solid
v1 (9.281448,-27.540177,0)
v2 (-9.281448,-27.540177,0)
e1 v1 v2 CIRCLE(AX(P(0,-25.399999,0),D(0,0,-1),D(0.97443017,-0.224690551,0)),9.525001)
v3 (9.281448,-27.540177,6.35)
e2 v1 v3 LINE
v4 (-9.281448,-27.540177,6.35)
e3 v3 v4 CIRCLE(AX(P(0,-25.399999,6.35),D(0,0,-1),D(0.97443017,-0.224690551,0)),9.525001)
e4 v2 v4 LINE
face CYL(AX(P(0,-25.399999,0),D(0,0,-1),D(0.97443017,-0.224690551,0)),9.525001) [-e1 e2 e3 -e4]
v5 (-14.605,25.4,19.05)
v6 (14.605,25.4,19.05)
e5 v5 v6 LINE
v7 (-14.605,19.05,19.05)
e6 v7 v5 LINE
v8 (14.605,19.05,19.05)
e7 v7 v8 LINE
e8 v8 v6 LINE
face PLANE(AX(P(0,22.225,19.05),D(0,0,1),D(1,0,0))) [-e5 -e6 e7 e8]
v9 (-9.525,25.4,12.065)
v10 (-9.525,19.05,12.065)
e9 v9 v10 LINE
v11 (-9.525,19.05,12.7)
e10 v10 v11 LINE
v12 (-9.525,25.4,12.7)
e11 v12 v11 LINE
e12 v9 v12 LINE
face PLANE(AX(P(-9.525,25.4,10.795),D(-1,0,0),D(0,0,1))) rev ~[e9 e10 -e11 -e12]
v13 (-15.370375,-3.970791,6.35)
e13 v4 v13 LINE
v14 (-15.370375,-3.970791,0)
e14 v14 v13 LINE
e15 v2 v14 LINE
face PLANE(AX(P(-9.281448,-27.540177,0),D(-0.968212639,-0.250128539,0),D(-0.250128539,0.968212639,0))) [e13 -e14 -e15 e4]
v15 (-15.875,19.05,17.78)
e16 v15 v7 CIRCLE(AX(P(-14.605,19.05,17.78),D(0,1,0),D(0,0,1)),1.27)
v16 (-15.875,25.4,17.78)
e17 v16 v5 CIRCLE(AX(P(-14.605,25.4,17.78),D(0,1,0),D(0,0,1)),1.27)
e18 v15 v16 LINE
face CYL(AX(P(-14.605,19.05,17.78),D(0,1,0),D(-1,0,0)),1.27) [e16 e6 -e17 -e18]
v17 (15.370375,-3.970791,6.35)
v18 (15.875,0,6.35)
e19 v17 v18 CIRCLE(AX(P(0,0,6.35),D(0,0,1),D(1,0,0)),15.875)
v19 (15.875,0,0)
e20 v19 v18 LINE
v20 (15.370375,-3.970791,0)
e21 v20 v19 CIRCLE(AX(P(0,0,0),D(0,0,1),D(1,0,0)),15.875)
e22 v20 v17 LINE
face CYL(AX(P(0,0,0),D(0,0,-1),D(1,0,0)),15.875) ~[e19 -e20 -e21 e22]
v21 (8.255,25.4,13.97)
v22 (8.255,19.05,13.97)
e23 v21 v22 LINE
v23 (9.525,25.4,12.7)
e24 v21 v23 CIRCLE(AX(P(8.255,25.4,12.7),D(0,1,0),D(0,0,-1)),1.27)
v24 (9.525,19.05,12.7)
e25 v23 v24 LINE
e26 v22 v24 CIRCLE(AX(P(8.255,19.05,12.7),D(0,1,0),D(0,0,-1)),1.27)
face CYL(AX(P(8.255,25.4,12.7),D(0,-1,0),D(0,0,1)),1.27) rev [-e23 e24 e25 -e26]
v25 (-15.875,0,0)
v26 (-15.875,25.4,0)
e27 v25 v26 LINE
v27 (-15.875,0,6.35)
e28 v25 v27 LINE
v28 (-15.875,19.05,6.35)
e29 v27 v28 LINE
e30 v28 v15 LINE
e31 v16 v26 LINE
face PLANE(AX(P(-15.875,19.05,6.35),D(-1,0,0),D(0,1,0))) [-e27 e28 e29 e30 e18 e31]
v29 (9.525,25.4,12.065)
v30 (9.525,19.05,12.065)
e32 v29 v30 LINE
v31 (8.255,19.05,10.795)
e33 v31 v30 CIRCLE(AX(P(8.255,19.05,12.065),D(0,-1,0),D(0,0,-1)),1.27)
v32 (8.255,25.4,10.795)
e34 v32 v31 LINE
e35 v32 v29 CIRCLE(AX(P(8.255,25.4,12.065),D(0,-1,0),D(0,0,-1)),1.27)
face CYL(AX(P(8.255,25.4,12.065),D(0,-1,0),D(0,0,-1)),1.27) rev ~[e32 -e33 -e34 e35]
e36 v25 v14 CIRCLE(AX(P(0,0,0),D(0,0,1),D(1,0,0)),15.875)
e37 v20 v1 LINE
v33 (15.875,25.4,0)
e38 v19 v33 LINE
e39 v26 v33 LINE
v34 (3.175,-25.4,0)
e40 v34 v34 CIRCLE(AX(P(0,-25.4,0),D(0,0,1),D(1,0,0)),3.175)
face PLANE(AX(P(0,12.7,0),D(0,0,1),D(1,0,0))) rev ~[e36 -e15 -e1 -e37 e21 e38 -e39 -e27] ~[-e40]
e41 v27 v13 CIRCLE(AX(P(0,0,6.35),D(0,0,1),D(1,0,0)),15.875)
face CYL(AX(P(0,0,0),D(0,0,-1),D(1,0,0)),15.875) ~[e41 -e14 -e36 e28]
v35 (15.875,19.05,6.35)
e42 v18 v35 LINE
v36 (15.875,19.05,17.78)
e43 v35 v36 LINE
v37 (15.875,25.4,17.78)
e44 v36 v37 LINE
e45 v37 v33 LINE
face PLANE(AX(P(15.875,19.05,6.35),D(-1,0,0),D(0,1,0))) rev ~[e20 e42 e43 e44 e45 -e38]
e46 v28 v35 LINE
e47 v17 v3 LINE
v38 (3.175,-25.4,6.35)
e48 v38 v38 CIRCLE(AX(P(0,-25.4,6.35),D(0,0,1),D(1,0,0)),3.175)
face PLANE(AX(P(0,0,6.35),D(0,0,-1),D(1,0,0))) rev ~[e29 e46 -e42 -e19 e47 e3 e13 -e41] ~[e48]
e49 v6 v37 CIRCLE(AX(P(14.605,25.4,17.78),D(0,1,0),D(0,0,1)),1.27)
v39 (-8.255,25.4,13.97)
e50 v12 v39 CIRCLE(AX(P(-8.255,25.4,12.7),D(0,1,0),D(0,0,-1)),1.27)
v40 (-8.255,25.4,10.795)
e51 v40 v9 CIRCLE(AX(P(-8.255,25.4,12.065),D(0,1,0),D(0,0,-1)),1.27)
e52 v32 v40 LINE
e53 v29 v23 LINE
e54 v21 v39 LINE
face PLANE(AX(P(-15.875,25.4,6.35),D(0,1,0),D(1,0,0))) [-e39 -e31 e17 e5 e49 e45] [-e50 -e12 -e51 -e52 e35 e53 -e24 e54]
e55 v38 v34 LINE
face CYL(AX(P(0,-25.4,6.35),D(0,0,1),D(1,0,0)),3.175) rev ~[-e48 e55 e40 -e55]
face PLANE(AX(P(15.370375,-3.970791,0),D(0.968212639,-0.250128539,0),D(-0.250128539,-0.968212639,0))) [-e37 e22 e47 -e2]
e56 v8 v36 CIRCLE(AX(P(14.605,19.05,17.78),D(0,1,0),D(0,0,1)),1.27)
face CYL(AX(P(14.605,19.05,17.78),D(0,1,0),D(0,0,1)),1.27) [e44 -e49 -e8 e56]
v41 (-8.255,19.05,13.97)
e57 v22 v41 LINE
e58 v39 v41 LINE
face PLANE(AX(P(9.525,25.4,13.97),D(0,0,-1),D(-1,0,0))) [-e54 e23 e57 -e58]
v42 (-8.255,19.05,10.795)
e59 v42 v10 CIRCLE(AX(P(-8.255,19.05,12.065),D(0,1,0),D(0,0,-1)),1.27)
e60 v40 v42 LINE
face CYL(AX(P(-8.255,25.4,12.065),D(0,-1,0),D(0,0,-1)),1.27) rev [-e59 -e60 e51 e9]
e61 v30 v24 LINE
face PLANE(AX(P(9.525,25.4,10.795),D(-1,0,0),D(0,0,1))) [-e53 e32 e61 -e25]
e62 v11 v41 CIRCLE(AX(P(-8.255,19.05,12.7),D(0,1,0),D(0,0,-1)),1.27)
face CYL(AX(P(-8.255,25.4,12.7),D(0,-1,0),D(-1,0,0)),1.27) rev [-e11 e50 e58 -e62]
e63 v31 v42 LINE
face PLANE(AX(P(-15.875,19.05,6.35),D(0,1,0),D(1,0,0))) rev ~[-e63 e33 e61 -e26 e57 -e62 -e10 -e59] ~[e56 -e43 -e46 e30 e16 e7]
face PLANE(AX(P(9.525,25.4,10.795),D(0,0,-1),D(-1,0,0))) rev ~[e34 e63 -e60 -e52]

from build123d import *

# Parameters (mm, degrees)
F0_R      = 15.875
F0_R_2    = 12.7
F1_DEPTH  = 6.35
F2_W      = 31.75
F2_H      = 25.4
F3_DEPTH  = 6.35
F4_W      = 31.75
F4_H      = 6.35
F5_DEPTH  = 12.7
F6_W      = 19.05
F6_H      = 3.175
F7_DEPTH  = 6.35
F8_R      = 1.27
F9_R      = 12.7
F10_DEPTH = 6.35
F12_DEPTH = 6.35
F13_R     = 3.175
F14_DEPTH = 6.35


with BuildPart() as f1:
    # F0 (on Top) → F1 (new body)
    with BuildSketch(Plane.XY):
        Circle(F0_R)
        Circle(F0_R_2, mode=Mode.SUBTRACT)
    extrude(amount=F1_DEPTH)

    # F2 (on Top) → F3 (join)
    with BuildSketch(Plane.XY):
        with Locations((0, 12.7)):
            Rectangle(F2_W, F2_H)
    extrude(amount=F3_DEPTH)

    # F4 (on face) → F5 (join)
    with BuildSketch(Plane.XY.offset(6.35)):
        with Locations((0, 22.225)):
            Rectangle(F4_W, F4_H)
    extrude(amount=F5_DEPTH)

    # F6 (on face) → F7 (cut, through all)
    with BuildSketch(Plane(origin=(0, 25.4, 0), x_dir=(-1, 0, 0), z_dir=(0, 1, 0))):
        with Locations((0, 12.3825)):
            Rectangle(F6_W, F6_H)
    extrude(amount=-F7_DEPTH, mode=Mode.SUBTRACT)

    # F8
    f8_edges = [f1.edges().sort_by_distance(p)[0] for p in [
        (-9.525, 22.225, 13.97),
        (9.525, 22.225, 13.97),
        (9.525, 22.225, 10.795),
        (-9.525, 22.225, 10.795),
        (15.875, 22.225, 19.05),
        (-15.875, 22.225, 19.05),
    ]]
    fillet(f8_edges, radius=F8_R)

    # F9 (on face) → F10 (join)
    with BuildSketch(Plane(origin=(0, 0, 0), x_dir=(1, 0, 0), z_dir=(0, 0, -1))):
        Circle(F9_R)
    extrude(amount=-F10_DEPTH)

    # F11 (on face) → F12 (join)
    with BuildSketch(Plane(origin=(0, 0, 0), x_dir=(1, 0, 0), z_dir=(0, 0, -1))):
        with BuildLine():
            ThreePointArc((-15.370375, 3.970791), (-9.720579, 12.550935), (0, 15.875))
            ThreePointArc((0, 15.875), (-7.45355, 19.469551), (-9.281448, 27.540177))
            Line((-9.281448, 27.540177), (-15.370375, 3.970791))
        make_face()
        with BuildLine():
            ThreePointArc((0, 15.875), (6.735192, 18.664808), (9.525, 25.4))
            ThreePointArc((9.525, 25.4), (9.463916, 26.476995), (9.281448, 27.540177))
            ThreePointArc((9.281448, 27.540177), (0, 34.925), (-9.281448, 27.540177))
            ThreePointArc((-9.281448, 27.540177), (-7.45355, 19.469551), (0, 15.875))
        make_face()
        with BuildLine():
            ThreePointArc((9.281448, 27.540177), (9.463916, 26.476995), (9.525, 25.4))
            ThreePointArc((9.525, 25.4), (6.735192, 18.664808), (0, 15.875))
            ThreePointArc((0, 15.875), (9.720579, 12.550935), (15.370375, 3.970791))
            Line((15.370375, 3.970791), (9.281448, 27.540177))
        make_face()
    extrude(amount=-F12_DEPTH)

    # F13 (on face) → F14 (cut, through all)
    with BuildSketch(Plane.XY.offset(6.35)):
        with Locations((0, -25.4)):
            Circle(F13_R)
    extrude(amount=-F14_DEPTH, mode=Mode.SUBTRACT)


solid = f1.part
